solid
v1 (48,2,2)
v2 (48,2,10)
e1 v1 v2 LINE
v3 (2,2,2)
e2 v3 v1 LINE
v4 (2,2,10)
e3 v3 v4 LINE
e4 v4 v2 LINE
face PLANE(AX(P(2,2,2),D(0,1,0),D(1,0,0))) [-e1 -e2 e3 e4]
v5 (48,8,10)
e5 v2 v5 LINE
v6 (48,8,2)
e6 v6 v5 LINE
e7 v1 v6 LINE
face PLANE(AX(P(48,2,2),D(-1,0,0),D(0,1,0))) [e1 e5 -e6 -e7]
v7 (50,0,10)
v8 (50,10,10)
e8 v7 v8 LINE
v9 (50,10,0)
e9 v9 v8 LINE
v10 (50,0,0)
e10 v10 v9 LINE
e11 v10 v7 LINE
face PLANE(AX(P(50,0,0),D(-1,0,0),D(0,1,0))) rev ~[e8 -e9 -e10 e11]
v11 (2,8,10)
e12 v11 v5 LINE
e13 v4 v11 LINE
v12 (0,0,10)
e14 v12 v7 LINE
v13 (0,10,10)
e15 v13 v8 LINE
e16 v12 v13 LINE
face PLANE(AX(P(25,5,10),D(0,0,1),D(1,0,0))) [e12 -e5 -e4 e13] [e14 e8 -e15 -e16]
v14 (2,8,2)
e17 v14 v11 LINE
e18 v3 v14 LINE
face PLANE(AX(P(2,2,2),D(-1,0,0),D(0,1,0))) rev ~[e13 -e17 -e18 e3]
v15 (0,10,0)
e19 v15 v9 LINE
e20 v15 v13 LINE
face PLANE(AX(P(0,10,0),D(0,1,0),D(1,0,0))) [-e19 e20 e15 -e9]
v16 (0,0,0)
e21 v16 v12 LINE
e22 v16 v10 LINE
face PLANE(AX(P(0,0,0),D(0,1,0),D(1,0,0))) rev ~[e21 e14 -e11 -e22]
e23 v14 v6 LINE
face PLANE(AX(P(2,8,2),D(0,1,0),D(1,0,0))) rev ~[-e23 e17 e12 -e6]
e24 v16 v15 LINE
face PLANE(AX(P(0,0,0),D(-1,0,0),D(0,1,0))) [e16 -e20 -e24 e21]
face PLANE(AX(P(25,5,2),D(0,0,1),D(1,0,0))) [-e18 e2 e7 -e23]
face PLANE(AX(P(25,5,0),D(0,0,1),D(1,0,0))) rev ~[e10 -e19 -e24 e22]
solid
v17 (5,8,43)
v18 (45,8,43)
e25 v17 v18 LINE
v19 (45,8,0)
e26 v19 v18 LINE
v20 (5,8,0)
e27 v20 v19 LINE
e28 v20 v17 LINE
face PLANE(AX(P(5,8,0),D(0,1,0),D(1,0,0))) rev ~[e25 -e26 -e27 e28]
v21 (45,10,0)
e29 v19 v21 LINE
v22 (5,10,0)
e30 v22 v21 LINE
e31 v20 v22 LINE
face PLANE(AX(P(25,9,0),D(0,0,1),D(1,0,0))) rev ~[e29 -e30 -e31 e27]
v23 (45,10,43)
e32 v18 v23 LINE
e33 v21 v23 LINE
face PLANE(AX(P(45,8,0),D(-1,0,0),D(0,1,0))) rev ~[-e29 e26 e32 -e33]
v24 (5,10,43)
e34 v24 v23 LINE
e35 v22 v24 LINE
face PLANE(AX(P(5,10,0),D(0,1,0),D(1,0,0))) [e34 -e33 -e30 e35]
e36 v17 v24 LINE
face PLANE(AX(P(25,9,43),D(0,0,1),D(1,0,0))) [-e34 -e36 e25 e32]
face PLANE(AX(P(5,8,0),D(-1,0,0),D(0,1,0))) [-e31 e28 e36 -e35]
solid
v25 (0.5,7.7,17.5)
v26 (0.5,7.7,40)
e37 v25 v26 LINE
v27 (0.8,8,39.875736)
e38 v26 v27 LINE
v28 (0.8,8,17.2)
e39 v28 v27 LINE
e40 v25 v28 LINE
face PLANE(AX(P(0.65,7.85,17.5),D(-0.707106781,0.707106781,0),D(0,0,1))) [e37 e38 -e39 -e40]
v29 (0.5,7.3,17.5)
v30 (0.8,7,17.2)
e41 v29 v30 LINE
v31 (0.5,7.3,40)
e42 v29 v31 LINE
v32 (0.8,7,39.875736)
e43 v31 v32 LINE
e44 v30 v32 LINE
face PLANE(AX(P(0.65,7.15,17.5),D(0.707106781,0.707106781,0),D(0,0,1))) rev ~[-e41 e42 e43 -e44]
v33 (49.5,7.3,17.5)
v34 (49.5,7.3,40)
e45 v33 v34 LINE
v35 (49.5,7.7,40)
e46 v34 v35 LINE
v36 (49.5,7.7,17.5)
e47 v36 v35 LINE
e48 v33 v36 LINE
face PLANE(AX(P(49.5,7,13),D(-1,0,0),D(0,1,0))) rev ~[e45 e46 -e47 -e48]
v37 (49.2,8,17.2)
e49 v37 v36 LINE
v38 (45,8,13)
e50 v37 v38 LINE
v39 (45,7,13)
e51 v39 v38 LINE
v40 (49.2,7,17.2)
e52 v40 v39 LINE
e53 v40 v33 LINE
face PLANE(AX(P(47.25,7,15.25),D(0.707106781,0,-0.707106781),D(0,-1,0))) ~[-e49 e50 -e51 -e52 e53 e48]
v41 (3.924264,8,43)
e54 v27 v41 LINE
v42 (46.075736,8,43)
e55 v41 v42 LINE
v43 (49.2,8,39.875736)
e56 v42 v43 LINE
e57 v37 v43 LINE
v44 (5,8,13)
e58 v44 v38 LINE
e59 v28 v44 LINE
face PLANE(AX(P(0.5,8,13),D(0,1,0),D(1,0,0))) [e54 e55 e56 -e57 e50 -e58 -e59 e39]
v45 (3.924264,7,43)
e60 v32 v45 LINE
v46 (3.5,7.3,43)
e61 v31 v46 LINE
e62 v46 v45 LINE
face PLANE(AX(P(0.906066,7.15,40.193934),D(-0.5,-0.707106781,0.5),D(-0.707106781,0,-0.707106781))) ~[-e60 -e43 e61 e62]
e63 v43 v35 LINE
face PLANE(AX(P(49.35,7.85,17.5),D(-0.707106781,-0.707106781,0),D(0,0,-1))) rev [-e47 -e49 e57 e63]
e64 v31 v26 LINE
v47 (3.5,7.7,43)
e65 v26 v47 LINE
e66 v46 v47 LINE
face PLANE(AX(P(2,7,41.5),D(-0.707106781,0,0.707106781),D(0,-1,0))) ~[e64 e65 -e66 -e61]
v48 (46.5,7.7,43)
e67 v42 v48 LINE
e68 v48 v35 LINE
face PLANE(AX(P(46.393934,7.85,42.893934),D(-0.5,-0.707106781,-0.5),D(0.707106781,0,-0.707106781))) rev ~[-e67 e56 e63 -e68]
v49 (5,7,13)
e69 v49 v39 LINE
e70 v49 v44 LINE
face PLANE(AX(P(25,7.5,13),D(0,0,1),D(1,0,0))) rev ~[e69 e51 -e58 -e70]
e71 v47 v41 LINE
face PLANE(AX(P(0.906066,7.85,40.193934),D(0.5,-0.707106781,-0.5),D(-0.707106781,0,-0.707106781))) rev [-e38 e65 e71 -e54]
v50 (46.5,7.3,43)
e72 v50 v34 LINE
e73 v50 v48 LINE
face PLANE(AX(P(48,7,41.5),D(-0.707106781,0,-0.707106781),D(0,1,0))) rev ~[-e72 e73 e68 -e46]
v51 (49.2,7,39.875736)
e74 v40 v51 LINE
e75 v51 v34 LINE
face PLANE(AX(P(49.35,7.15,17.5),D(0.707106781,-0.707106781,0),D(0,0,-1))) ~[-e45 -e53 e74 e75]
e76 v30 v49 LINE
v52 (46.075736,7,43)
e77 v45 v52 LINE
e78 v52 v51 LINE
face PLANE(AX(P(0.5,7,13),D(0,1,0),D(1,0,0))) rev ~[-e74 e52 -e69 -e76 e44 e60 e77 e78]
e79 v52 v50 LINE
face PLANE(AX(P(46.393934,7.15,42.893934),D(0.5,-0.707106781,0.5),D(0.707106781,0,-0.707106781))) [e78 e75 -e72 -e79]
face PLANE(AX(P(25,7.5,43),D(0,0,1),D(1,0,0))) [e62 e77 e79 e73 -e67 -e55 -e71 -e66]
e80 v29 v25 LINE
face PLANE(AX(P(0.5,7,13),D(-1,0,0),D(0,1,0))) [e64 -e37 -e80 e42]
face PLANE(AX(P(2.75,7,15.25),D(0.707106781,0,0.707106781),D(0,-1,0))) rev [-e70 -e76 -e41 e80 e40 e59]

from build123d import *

# Parameters (mm, degrees)
BOX044_W        = 40
BOX044_H        = 2
BOX044_DEPTH    = 43
BOX045_W        = 46
BOX045_H        = 6
BOX045_DEPTH    = 8
BOX_W           = 50
BOX_H           = 10
BOX_DEPTH       = 10
BOX046_W        = 49
BOX046_H        = 1
BOX046_DEPTH    = 30
CHAMFER_SIZE    = 4.5
CHAMFER001_SIZE = 3
CHAMFER002_SIZE = 0.3
CHAMFER003_SIZE = 0.3


with BuildPart() as cube039:
    # Box044 → Box044 (new body)
    with BuildSketch(Plane(origin=(5, 8, 0), x_dir=(1, 0, 0), z_dir=(0, 0, 1))):
        with Locations((20, 1)):
            Rectangle(BOX044_W, BOX044_H)
    extrude(amount=BOX044_DEPTH)


with BuildPart() as cube040:
    # Box045 → Box045 (new body)
    with BuildSketch(Plane(origin=(2, 2, 2), x_dir=(1, 0, 0), z_dir=(0, 0, 1))):
        with Locations((23, 3)):
            Rectangle(BOX045_W, BOX045_H)
    extrude(amount=BOX045_DEPTH)


with BuildPart() as cut:
    # Box → Box (new body)
    with BuildSketch(Plane.XY):
        with Locations((25, 5)):
            Rectangle(BOX_W, BOX_H)
    extrude(amount=BOX_DEPTH)

    # Cut: cut Cube040
    add(cube040.part, mode=Mode.SUBTRACT)


with BuildPart() as chamfer003:
    # Box046 → Box046 (new body)
    with BuildSketch(Plane(origin=(0.5, 6, 12), x_dir=(1, 0, 0), z_dir=(0, 0, 1))):
        with Locations((24.5, 0.5)):
            Rectangle(BOX046_W, BOX046_H)
    extrude(amount=BOX046_DEPTH)

    # Chamfer
    chamfer_edges = [chamfer003.edges().sort_by_distance(p)[0] for p in [
        (0.5, 6.5, 12),
        (49.5, 6.5, 12),
    ]]
    chamfer(chamfer_edges, length=CHAMFER_SIZE)


with BuildPart() as chamfer003_1:
    # Chamfer placement: moved
    add(chamfer003.part.moved(Location((0, 1, 1))))

    # Chamfer001
    chamfer001_edges = [chamfer003_1.edges().sort_by_distance(p)[0] for p in [
        (0.5, 7.5, 43),
        (49.5, 7.5, 43),
    ]]
    chamfer(chamfer001_edges, length=CHAMFER001_SIZE)

    # Chamfer002
    chamfer002_edges = [chamfer003_1.edges().sort_by_distance(p)[0] for p in [
        (0.5, 7, 28.75),
        (0.5, 8, 28.75),
        (49.5, 7, 28.75),
        (49.5, 8, 28.75),
    ]]
    chamfer(chamfer002_edges, length=CHAMFER002_SIZE)

    # Chamfer003
    chamfer003_edges = [chamfer003_1.edges().sort_by_distance(p)[0] for p in [
        (2.15, 7, 41.65),
        (2.15, 8, 41.65),
        (47.85, 7, 41.65),
        (47.85, 8, 41.65),
    ]]
    chamfer(chamfer003_edges, length=CHAMFER003_SIZE)


solid = Compound([cube039.part, cut.part, chamfer003_1.part])
